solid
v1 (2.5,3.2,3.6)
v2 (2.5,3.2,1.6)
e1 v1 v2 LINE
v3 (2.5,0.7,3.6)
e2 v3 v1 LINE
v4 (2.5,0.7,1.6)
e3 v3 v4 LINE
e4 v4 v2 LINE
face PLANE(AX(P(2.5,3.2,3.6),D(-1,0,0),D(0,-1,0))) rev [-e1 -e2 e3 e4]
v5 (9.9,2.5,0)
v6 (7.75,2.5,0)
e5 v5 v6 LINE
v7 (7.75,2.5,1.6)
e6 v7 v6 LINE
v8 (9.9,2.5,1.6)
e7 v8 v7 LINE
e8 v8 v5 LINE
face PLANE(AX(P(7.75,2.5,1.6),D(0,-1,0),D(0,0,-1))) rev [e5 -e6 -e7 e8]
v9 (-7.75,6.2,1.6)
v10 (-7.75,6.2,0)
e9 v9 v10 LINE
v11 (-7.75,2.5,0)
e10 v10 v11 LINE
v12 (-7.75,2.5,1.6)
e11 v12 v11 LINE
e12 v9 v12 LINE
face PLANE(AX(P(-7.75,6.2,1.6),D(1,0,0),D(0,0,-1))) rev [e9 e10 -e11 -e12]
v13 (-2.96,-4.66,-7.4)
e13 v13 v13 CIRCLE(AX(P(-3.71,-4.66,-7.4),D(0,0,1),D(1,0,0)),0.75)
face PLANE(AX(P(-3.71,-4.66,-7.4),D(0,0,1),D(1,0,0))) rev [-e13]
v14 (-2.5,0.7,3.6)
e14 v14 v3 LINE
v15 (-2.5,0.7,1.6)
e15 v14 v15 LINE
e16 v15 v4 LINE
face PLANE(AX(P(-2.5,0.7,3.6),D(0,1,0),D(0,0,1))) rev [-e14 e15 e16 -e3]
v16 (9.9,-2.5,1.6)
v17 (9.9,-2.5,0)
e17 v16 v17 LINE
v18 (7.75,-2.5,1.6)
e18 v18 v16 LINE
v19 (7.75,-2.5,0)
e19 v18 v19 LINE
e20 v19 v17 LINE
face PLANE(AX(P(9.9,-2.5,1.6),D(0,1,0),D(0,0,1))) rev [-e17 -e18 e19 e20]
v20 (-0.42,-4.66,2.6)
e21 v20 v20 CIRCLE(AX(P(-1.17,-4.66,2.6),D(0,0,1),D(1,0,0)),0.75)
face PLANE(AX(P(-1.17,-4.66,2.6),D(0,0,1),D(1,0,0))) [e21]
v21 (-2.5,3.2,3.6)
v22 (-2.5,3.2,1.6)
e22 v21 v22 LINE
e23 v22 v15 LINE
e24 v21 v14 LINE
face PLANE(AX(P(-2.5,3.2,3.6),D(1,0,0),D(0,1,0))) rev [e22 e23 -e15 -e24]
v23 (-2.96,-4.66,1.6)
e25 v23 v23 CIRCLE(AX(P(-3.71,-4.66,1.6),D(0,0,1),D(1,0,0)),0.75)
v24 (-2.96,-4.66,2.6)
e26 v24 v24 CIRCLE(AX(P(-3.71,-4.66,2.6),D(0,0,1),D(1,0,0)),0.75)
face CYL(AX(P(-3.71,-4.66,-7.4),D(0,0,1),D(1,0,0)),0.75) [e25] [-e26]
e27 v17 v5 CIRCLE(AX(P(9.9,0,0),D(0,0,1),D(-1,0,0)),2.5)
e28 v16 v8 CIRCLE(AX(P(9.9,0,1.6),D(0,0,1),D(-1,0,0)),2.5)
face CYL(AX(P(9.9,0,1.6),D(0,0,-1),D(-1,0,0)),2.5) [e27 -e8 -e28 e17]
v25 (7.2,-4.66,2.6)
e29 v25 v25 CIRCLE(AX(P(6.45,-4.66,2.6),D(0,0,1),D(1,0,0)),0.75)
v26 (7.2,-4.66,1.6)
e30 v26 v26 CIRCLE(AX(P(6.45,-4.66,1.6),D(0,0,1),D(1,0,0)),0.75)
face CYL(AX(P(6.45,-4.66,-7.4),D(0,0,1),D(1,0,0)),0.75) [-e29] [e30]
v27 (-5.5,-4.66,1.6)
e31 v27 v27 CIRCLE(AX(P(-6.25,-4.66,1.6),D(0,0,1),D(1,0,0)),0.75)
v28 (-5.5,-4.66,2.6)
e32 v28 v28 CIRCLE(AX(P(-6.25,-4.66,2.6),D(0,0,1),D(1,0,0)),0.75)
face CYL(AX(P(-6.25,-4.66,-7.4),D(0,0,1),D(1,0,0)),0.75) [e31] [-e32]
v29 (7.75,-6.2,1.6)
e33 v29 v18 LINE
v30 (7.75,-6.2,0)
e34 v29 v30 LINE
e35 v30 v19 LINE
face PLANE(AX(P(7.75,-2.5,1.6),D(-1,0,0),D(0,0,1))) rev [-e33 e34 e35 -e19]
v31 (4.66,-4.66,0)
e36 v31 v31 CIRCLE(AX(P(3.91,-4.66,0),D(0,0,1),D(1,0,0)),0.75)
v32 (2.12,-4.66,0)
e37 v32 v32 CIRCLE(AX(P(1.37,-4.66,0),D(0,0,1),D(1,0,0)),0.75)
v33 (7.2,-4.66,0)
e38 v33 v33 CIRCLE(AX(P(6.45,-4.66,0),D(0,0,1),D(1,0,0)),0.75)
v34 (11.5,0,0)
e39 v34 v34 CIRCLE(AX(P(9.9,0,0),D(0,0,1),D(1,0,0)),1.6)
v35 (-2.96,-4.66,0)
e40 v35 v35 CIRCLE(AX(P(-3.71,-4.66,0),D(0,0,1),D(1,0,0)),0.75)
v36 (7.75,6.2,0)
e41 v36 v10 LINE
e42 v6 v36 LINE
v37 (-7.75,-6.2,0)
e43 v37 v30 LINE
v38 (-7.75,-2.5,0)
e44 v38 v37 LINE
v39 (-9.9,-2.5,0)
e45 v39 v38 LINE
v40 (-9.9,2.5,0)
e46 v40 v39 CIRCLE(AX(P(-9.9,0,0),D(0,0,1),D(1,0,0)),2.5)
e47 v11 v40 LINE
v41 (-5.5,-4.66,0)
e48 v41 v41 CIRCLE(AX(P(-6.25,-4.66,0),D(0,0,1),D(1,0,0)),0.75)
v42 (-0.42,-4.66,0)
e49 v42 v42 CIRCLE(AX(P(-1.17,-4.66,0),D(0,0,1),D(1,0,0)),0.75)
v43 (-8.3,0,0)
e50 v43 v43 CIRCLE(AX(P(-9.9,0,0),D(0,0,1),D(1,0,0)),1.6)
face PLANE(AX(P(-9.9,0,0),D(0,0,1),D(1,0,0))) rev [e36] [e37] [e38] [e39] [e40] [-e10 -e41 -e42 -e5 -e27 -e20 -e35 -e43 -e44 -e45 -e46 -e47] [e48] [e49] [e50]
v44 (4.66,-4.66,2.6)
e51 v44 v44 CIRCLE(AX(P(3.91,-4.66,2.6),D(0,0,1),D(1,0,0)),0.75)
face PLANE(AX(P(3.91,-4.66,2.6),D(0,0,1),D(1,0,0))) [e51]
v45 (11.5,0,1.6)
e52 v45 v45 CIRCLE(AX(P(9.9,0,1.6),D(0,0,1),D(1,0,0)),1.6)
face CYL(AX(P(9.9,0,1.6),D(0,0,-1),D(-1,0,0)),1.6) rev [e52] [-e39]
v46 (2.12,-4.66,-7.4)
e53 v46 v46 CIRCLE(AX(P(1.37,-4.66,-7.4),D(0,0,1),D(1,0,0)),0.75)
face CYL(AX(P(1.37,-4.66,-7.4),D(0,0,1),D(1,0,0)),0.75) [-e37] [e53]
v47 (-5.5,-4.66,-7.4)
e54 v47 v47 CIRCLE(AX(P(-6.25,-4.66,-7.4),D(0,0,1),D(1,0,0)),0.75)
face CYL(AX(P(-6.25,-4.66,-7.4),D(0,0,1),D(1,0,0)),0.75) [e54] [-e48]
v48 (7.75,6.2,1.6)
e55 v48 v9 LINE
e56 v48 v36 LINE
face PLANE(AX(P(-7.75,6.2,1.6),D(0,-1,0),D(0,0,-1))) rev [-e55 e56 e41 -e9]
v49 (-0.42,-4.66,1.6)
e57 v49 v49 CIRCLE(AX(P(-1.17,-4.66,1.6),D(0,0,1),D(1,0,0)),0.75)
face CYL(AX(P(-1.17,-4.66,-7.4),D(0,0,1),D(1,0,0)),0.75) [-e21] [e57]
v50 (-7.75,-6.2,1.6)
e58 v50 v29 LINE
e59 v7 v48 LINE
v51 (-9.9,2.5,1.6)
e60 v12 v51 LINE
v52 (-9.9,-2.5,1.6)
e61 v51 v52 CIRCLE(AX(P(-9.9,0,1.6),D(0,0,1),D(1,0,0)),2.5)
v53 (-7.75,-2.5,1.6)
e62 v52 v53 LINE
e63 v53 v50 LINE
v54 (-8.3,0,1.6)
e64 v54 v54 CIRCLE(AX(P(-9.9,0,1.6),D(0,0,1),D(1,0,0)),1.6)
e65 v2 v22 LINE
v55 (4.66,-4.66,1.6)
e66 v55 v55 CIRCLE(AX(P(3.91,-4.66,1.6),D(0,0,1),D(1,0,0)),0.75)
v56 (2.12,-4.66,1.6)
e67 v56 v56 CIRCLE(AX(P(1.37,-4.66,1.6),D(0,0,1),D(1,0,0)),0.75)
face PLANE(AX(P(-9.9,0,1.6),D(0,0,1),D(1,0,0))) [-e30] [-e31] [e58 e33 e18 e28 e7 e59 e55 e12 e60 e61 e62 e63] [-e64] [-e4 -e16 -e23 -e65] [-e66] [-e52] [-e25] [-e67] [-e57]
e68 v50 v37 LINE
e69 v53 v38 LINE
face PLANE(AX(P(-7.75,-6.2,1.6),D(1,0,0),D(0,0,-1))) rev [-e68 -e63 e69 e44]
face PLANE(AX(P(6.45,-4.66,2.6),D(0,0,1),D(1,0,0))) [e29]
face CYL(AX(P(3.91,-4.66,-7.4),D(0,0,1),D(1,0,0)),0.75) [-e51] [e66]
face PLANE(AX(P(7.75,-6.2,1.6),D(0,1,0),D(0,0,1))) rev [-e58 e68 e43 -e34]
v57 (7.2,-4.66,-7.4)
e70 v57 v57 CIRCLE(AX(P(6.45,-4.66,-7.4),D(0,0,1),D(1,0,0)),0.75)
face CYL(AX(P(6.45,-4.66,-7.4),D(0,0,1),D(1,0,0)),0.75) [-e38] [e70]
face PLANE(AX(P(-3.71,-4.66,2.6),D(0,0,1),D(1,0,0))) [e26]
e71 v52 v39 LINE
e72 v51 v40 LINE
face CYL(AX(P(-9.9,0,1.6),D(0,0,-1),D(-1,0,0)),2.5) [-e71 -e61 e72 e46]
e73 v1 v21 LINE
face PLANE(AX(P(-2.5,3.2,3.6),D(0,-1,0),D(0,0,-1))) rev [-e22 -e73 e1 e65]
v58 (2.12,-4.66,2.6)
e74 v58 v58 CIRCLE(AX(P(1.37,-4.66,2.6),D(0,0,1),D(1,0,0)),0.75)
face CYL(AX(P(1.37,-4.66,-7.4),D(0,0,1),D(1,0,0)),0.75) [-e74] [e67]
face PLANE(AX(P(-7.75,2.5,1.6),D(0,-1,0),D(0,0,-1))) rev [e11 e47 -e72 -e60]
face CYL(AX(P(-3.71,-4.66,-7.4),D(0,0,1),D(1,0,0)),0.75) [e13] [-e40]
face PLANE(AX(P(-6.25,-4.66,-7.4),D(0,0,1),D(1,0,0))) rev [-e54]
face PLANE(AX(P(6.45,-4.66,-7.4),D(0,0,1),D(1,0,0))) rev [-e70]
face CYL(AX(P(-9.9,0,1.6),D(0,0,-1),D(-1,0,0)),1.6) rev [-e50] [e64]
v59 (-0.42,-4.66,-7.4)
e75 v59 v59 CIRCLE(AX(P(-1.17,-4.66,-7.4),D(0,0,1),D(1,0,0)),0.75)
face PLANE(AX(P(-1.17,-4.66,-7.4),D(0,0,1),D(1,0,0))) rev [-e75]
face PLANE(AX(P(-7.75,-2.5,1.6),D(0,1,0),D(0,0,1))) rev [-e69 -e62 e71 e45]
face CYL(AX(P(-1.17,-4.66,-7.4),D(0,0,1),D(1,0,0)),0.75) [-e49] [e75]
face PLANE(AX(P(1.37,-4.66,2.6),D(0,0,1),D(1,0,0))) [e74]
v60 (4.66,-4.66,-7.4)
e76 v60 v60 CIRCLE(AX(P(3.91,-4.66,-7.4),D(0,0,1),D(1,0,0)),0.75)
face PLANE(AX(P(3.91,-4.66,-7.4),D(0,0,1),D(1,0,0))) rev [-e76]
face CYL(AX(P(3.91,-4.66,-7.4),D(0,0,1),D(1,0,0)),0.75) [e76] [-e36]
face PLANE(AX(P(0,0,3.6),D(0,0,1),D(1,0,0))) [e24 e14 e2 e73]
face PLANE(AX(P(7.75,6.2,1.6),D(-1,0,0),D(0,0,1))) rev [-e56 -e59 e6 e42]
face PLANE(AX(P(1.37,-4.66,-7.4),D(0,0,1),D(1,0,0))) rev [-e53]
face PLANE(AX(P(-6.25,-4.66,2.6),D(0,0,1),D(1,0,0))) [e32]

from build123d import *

# Parameters (mm, degrees)
SKETCH1_R       = 1.6
MAIN_DEPTH      = 1.6
SKETCH2_W       = 5
SKETCH2_H       = 2.5
SENSOR_DEPTH    = 2
SKETCH3_R       = 0.75
CABLES_DEPTH    = 10
LPATTERN1_COUNT = 6
LPATTERN1_PITCH = 2.54


with BuildPart() as part:
    # Sketch1 → Main (new body)
    with BuildSketch(Plane.XY):
        with BuildLine():
            Line((-7.75, 6.2), (7.75, 6.2))
            Line((7.75, 6.2), (7.75, 2.5))
            Line((7.75, 2.5), (9.9, 2.5))
            ThreePointArc((9.9, 2.5), (12.4, 0), (9.9, -2.5))
            Line((9.9, -2.5), (7.75, -2.5))
            Line((7.75, -2.5), (7.75, -6.2))
            Line((7.75, -6.2), (-7.75, -6.2))
            Line((-7.75, -6.2), (-7.75, -2.5))
            Line((-7.75, -2.5), (-9.9, -2.5))
            ThreePointArc((-9.9, -2.5), (-12.4, 0), (-9.9, 2.5))
            Line((-9.9, 2.5), (-7.75, 2.5))
            Line((-7.75, 2.5), (-7.75, 6.2))
        make_face()
        with Locations((-9.9, 0)):
            Circle(SKETCH1_R, mode=Mode.SUBTRACT)
        with Locations((9.9, 0)):
            Circle(SKETCH1_R, mode=Mode.SUBTRACT)
    extrude(amount=MAIN_DEPTH)

    # Sketch2 → Sensor (add)
    with BuildSketch(Plane.XY.offset(1.6)):
        with Locations((0, 1.95)):
            Rectangle(SKETCH2_W, SKETCH2_H)
    extrude(amount=SENSOR_DEPTH)

    # Sketch3 → Cables (add)
    with BuildSketch(Plane.XY.offset(2.6)):
        with Locations((-6.25, -4.66)):
            Circle(SKETCH3_R)
    cables = extrude(amount=-CABLES_DEPTH)

    # LPattern1: Cables ×6
    with Locations(*[(i * LPATTERN1_PITCH, 0, 0) for i in range(1, LPATTERN1_COUNT)]):
        add(cables)


solid = part.part
